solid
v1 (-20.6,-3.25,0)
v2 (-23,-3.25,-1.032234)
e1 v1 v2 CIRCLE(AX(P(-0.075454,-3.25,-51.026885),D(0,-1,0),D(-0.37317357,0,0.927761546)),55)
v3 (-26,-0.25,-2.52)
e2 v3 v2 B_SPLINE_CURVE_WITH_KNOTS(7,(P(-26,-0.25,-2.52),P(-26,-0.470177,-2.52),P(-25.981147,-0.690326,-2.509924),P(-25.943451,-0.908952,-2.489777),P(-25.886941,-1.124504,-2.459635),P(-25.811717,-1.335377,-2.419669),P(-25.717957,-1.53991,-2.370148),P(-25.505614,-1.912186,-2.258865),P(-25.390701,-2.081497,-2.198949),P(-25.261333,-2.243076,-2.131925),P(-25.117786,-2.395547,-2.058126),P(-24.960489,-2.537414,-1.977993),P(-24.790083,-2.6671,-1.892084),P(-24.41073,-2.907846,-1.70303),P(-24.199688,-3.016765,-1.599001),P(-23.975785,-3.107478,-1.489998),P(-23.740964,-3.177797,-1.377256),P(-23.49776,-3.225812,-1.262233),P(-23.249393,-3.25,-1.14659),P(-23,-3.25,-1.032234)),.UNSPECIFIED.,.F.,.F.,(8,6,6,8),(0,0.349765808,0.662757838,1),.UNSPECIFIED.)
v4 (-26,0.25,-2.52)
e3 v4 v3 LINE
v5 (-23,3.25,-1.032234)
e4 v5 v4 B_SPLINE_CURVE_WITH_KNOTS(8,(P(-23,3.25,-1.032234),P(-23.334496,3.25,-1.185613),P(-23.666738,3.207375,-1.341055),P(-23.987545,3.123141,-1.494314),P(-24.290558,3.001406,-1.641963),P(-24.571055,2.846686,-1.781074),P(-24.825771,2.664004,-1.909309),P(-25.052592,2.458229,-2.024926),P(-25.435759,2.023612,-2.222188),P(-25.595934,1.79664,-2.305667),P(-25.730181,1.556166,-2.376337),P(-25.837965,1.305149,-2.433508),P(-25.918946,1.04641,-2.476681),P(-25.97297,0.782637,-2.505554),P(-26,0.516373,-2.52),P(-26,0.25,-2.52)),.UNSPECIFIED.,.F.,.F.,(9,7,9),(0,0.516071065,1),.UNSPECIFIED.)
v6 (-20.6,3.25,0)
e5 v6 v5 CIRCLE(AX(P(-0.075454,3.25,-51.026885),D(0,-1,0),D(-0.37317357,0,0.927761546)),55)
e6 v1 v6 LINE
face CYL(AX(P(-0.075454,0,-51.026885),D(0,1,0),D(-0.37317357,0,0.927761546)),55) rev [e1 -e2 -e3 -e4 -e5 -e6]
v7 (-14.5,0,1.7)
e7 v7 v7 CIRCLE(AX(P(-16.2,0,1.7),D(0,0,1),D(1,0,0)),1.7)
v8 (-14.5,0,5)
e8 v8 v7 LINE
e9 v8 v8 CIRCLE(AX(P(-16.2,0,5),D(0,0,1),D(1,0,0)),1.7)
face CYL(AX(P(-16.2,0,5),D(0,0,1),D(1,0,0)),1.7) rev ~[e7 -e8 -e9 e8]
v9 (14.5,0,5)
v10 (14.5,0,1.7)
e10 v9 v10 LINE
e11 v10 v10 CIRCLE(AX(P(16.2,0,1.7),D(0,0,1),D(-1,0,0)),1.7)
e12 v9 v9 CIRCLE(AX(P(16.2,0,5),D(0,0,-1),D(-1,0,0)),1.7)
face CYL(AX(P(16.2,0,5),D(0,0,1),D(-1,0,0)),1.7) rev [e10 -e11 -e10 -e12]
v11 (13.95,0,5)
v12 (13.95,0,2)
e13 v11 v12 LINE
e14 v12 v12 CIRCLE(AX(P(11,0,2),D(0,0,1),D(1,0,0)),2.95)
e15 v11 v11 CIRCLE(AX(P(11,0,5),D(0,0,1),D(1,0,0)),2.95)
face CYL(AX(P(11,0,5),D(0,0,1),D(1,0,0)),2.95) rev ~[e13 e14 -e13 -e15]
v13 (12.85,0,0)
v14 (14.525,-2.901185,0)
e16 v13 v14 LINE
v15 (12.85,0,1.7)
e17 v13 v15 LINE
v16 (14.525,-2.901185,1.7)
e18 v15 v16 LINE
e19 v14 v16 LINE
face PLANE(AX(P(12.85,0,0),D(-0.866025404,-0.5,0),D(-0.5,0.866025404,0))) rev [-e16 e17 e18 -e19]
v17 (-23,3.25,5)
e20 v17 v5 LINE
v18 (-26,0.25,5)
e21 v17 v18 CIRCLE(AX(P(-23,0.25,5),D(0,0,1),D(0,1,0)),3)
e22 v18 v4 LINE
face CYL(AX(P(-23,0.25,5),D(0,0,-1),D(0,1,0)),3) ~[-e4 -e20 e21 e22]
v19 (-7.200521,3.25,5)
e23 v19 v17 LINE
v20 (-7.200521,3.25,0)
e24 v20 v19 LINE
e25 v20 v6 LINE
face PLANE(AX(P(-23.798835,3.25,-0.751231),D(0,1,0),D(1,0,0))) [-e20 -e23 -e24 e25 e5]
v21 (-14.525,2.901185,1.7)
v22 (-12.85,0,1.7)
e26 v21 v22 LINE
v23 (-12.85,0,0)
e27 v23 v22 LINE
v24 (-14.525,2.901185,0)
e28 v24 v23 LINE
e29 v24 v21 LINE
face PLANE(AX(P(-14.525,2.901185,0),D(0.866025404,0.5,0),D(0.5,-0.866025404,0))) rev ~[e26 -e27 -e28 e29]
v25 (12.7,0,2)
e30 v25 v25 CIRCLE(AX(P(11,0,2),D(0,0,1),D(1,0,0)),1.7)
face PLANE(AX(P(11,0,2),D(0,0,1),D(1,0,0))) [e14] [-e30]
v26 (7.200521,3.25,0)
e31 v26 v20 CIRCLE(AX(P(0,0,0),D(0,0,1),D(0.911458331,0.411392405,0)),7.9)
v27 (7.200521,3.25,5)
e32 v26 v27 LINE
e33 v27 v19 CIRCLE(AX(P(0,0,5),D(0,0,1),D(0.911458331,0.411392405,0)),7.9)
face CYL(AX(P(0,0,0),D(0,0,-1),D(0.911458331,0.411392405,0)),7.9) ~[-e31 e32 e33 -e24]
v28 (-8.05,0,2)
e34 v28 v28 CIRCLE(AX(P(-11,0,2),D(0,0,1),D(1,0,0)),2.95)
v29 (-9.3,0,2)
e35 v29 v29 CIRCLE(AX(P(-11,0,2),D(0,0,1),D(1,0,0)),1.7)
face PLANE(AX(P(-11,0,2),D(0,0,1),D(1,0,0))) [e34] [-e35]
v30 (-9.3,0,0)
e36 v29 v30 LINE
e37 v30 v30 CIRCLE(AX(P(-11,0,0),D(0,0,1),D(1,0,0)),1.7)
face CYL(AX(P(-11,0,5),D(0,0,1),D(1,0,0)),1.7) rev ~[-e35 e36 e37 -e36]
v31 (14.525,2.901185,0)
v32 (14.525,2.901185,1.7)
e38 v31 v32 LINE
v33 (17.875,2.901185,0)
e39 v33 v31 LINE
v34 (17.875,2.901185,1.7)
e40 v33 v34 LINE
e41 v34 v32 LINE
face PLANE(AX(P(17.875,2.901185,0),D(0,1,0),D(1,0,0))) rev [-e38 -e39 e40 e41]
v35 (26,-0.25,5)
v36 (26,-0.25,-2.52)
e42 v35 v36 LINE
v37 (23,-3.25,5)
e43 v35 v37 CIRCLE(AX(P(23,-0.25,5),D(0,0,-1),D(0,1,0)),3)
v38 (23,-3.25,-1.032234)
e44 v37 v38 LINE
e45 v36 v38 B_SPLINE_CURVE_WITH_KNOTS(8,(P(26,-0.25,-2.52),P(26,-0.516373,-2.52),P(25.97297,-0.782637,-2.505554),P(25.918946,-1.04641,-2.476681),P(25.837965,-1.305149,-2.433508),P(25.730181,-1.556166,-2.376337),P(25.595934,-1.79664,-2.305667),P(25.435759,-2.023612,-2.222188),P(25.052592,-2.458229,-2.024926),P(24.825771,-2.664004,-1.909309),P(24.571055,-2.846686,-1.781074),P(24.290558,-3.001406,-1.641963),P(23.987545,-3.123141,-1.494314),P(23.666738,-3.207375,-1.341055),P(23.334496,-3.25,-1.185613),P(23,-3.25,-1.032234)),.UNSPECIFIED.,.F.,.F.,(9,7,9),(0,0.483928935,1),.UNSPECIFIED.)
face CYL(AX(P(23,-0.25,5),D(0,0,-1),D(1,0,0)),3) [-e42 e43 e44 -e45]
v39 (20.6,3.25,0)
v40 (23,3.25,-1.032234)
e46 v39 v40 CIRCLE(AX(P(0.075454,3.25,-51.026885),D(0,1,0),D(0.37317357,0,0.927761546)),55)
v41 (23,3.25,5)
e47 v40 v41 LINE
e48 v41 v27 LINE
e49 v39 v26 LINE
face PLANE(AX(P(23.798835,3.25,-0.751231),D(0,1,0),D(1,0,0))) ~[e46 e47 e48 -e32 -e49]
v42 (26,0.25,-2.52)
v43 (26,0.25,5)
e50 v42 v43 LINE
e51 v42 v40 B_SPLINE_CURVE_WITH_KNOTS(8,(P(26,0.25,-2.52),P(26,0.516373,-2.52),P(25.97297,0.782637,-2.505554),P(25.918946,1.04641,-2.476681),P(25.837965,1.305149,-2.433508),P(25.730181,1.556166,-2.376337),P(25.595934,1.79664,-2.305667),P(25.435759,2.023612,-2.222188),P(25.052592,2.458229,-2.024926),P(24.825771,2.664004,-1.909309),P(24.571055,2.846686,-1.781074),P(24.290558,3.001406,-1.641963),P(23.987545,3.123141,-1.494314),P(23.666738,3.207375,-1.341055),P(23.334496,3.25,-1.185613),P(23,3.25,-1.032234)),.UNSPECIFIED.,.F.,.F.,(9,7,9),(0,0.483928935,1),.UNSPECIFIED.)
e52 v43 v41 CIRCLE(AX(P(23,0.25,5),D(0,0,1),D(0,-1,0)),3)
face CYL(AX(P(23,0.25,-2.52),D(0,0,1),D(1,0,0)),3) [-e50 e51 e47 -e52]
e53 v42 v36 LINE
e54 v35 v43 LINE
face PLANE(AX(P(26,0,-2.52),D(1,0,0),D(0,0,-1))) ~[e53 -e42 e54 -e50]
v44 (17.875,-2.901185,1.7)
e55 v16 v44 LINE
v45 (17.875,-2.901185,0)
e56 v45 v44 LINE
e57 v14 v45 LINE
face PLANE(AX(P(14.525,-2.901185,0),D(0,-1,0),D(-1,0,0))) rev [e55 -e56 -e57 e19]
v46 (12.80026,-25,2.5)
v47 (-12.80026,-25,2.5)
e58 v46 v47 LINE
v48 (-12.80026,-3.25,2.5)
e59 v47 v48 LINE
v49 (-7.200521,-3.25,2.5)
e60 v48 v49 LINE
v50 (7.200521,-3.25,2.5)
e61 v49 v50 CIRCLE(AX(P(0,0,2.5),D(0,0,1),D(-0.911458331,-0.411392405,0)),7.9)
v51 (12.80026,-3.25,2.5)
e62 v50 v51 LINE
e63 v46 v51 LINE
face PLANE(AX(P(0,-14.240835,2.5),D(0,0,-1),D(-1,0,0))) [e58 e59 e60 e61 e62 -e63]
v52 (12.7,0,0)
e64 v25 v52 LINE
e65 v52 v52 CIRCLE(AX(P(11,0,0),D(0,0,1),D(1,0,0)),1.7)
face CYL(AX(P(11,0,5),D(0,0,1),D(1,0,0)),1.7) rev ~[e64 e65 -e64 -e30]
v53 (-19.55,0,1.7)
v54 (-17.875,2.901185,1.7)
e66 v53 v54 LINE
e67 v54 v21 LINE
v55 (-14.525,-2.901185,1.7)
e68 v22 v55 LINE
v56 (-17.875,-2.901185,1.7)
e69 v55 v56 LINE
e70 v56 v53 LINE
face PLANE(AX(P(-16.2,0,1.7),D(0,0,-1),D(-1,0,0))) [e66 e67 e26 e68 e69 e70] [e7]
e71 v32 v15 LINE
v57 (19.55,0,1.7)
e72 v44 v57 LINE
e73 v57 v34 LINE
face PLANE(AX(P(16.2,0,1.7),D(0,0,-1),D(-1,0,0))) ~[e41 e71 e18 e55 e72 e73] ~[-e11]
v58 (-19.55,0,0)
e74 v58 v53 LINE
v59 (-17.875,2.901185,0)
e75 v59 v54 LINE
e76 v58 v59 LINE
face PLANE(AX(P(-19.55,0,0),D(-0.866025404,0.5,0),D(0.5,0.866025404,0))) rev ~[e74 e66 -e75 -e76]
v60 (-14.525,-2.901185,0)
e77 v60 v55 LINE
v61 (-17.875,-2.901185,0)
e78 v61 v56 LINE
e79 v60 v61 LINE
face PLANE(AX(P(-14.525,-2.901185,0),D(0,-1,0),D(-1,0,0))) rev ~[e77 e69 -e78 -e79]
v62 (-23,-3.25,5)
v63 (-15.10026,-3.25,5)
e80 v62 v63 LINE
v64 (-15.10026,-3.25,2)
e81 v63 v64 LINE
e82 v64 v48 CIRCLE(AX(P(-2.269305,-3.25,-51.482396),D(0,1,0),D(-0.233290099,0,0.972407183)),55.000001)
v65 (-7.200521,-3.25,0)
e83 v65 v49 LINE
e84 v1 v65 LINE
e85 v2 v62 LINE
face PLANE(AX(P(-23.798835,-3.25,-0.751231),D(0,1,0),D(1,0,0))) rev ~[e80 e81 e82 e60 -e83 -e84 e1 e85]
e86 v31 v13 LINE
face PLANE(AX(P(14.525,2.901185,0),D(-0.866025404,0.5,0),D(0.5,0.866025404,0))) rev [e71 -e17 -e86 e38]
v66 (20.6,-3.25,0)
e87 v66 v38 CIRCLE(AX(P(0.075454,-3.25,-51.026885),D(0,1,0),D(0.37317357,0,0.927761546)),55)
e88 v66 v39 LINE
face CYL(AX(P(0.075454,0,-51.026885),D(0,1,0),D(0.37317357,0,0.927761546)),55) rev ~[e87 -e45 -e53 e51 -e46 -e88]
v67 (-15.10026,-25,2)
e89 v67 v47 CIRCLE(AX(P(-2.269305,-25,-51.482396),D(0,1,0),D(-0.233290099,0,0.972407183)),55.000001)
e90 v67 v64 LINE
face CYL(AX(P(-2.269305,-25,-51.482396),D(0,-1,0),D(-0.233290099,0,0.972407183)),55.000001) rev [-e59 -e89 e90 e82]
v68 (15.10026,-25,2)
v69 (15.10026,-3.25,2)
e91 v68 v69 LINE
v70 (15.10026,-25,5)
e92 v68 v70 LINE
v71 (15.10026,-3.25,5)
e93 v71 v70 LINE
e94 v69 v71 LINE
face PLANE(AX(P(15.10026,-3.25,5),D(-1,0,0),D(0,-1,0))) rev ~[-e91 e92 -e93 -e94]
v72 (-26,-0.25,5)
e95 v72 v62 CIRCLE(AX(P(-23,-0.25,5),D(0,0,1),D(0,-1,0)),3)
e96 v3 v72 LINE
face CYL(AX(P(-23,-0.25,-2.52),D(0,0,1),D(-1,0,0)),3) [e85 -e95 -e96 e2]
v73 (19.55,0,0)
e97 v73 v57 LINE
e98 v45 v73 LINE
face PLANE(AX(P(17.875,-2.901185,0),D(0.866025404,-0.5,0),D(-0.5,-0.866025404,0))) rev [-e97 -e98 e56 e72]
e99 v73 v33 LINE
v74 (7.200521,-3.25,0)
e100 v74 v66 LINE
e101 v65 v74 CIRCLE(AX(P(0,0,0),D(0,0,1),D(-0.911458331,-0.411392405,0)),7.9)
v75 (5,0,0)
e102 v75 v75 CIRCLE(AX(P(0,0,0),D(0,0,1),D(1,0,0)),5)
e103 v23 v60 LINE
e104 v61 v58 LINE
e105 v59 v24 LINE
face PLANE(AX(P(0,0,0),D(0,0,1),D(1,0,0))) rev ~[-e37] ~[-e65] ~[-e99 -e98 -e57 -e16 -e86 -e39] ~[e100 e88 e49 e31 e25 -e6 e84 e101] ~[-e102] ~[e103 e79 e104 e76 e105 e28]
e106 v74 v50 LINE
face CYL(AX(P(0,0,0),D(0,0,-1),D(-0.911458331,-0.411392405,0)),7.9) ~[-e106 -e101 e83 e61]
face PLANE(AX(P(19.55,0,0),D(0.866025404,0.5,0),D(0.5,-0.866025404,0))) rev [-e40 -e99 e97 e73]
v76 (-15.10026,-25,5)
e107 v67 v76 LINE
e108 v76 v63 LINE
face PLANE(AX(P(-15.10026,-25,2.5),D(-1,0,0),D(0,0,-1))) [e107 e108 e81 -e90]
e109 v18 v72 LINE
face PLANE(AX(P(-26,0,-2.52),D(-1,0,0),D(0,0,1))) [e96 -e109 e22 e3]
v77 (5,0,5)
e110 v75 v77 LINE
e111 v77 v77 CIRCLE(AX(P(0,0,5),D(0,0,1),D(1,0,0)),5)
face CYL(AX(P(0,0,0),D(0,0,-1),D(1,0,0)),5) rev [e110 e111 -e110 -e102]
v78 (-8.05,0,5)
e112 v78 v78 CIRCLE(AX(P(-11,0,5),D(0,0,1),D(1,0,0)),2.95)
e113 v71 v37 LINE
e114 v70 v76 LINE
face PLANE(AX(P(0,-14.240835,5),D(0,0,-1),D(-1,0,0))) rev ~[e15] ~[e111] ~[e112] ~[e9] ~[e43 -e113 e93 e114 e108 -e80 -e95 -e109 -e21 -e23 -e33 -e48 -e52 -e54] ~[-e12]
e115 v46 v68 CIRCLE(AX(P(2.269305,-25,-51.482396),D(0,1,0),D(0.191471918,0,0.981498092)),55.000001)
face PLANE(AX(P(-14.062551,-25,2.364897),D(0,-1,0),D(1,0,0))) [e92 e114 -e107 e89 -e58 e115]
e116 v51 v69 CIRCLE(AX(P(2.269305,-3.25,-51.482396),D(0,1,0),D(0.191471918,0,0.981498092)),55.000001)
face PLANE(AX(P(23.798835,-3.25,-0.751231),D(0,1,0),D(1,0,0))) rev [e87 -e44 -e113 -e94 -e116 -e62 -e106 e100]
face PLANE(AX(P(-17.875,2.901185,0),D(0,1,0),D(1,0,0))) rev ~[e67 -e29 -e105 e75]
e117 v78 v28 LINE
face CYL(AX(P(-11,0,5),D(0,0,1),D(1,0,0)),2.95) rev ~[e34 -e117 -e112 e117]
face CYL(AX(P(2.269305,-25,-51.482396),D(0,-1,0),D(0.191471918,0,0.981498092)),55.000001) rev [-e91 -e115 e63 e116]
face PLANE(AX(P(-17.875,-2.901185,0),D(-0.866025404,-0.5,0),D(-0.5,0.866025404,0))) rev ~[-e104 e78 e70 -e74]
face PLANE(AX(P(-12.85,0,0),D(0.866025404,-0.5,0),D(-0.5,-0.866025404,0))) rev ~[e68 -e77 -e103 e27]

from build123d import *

# Parameters (mm, degrees)
CROQUIS1_R              = 5
SALIENTE_EXTRUIR1_DEPTH = 5
CROQUIS2_R              = 1.7
CORTAR_EXTRUIR1_DEPTH   = 5
CROQUIS3_R              = 2.95
CORTAR_EXTRUIR2_DEPTH   = 3
SALIENTE_EXTRUIR2_DEPTH = 3.25
CROQUIS5_R              = 1.7
CORTAR_EXTRUIR3_DEPTH   = 10
CORTAR_EXTRUIR4_DEPTH   = 1.7
REDONDEO1_R             = 3
SALIENTE_EXTRUIR3_DEPTH = 2.5
SALIENTE_EXTRUIR4_DEPTH = 21.75


with BuildPart() as part:
    # Croquis1 → Saliente-Extruir1 (new body)
    with BuildSketch(Plane.XY):
        with BuildLine():
            Line((-7.200520814, 3.25), (-26, 3.25))
            Line((-26, 3.25), (-26, -3.25))
            Line((-26, -3.25), (-7.200520814, -3.25))
            ThreePointArc((-7.200520814, -3.25), (0, -7.9), (7.200520814, -3.25))
            Line((7.200520814, -3.25), (26, -3.25))
            Line((26, -3.25), (26, 3.25))
            Line((26, 3.25), (7.200520814, 3.25))
            ThreePointArc((7.200520814, 3.25), (0, 7.9), (-7.200520814, 3.25))
        make_face()
        Circle(CROQUIS1_R, mode=Mode.SUBTRACT)
    extrude(amount=SALIENTE_EXTRUIR1_DEPTH)

    # Croquis2 → Cortar-Extruir1 (cut)
    with BuildSketch(Plane.XY.offset(5)):
        with Locations((-11, 0)):
            Circle(CROQUIS2_R)
        with Locations((11, 0)):
            Circle(CROQUIS2_R)
    extrude(amount=-CORTAR_EXTRUIR1_DEPTH, mode=Mode.SUBTRACT)

    # Croquis3 → Cortar-Extruir2 (cut)
    with BuildSketch(Plane.XY.offset(5)):
        with Locations((-11, 0)):
            Circle(CROQUIS3_R)
        with Locations((11, 0)):
            Circle(CROQUIS3_R)
    extrude(amount=-CORTAR_EXTRUIR2_DEPTH, mode=Mode.SUBTRACT)

    # Croquis4 → Saliente-Extruir2 (add, symmetric)
    with BuildSketch(Plane(origin=(0, 0, 0), x_dir=(1, 0, 0), z_dir=(0, 1, 0))):
        with BuildLine():
            Line((-26, 0), (-20.6, 0))
            ThreePointArc((-20.6, 0), (-23.334154241, 1.186812342), (-26, 2.52))
            Line((-26, 2.52), (-26, 0))
        make_face()
    saliente_extruir2 = extrude(amount=SALIENTE_EXTRUIR2_DEPTH, both=True)

    # Croquis5 → Cortar-Extruir3 (cut)
    with BuildSketch(Plane.XY.offset(5)):
        with Locations((-16.2, 0)):
            Circle(CROQUIS5_R)
    cortar_extruir3 = extrude(amount=-CORTAR_EXTRUIR3_DEPTH, mode=Mode.SUBTRACT)

    # Croquis6 → Cortar-Extruir4 (cut)
    with BuildSketch(Plane(origin=(0, 0, 0), x_dir=(-1, 0, 0), z_dir=(0, 0, -1))):
        Polygon((19.55, 0), (17.875, 2.901185103), (14.525, 2.901185103), (12.85, 0), (14.525, -2.901185103), (17.875, -2.901185103), align=None)
    cortar_extruir4 = extrude(amount=-CORTAR_EXTRUIR4_DEPTH, mode=Mode.SUBTRACT)

    # Simetría2: Saliente-Extruir2, Cortar-Extruir3, Cortar-Extruir4 across plane
    add(saliente_extruir2.mirror(Plane(origin=(0, 0, 0), x_dir=(0, 0, 1), z_dir=(1, 0, 0))))
    add(cortar_extruir3.mirror(Plane(origin=(0, 0, 0), x_dir=(0, 0, 1), z_dir=(1, 0, 0))), mode=Mode.SUBTRACT)
    add(cortar_extruir4.mirror(Plane(origin=(0, 0, 0), x_dir=(0, 0, 1), z_dir=(1, 0, 0))), mode=Mode.SUBTRACT)

    # Redondeo1
    redondeo1_edges = [part.edges().sort_by_distance(p)[0] for p in [
        (-26, 3.25, 1.24),
        (26, 3.25, 1.24),
        (26, -3.25, 1.24),
        (-26, -3.25, 1.24),
    ]]
    fillet(redondeo1_edges, radius=REDONDEO1_R)

    # Croquis7 → Saliente-Extruir3 (add)
    with BuildSketch(Plane.XY.offset(5)):
        with BuildLine():
            Line((-15.100260407, -3.25), (-7.200520814, -3.25))
            ThreePointArc((-7.200520814, -3.25), (0, -7.9), (7.200520814, -3.25))
            Line((7.200520814, -3.25), (15.100260407, -3.25))
            Line((15.100260407, -3.25), (15.100260407, -25))
            Line((15.100260407, -25), (-15.100260407, -25))
            Line((-15.100260407, -25), (-15.100260407, -3.25))
        make_face()
    extrude(amount=-SALIENTE_EXTRUIR3_DEPTH)

    # Croquis8 → Saliente-Extruir4 (add)
    with BuildSketch(Plane.XZ.offset(25)):
        with BuildLine():
            Line((-15.100260407, 2.5), (-15.100260407, 2))
            ThreePointArc((-15.100260407, 2), (-13.952935396, 2.262304947), (-12.800260407, 2.5))
            Line((-12.800260407, 2.5), (-15.100260407, 2.5))
        make_face()
        with BuildLine():
            Line((15.100260407, 2.5), (12.800260407, 2.5))
            ThreePointArc((12.800260407, 2.5), (13.952935396, 2.262304947), (15.100260407, 2))
            Line((15.100260407, 2), (15.100260407, 2.5))
        make_face()
    extrude(amount=-SALIENTE_EXTRUIR4_DEPTH)


solid = part.part
